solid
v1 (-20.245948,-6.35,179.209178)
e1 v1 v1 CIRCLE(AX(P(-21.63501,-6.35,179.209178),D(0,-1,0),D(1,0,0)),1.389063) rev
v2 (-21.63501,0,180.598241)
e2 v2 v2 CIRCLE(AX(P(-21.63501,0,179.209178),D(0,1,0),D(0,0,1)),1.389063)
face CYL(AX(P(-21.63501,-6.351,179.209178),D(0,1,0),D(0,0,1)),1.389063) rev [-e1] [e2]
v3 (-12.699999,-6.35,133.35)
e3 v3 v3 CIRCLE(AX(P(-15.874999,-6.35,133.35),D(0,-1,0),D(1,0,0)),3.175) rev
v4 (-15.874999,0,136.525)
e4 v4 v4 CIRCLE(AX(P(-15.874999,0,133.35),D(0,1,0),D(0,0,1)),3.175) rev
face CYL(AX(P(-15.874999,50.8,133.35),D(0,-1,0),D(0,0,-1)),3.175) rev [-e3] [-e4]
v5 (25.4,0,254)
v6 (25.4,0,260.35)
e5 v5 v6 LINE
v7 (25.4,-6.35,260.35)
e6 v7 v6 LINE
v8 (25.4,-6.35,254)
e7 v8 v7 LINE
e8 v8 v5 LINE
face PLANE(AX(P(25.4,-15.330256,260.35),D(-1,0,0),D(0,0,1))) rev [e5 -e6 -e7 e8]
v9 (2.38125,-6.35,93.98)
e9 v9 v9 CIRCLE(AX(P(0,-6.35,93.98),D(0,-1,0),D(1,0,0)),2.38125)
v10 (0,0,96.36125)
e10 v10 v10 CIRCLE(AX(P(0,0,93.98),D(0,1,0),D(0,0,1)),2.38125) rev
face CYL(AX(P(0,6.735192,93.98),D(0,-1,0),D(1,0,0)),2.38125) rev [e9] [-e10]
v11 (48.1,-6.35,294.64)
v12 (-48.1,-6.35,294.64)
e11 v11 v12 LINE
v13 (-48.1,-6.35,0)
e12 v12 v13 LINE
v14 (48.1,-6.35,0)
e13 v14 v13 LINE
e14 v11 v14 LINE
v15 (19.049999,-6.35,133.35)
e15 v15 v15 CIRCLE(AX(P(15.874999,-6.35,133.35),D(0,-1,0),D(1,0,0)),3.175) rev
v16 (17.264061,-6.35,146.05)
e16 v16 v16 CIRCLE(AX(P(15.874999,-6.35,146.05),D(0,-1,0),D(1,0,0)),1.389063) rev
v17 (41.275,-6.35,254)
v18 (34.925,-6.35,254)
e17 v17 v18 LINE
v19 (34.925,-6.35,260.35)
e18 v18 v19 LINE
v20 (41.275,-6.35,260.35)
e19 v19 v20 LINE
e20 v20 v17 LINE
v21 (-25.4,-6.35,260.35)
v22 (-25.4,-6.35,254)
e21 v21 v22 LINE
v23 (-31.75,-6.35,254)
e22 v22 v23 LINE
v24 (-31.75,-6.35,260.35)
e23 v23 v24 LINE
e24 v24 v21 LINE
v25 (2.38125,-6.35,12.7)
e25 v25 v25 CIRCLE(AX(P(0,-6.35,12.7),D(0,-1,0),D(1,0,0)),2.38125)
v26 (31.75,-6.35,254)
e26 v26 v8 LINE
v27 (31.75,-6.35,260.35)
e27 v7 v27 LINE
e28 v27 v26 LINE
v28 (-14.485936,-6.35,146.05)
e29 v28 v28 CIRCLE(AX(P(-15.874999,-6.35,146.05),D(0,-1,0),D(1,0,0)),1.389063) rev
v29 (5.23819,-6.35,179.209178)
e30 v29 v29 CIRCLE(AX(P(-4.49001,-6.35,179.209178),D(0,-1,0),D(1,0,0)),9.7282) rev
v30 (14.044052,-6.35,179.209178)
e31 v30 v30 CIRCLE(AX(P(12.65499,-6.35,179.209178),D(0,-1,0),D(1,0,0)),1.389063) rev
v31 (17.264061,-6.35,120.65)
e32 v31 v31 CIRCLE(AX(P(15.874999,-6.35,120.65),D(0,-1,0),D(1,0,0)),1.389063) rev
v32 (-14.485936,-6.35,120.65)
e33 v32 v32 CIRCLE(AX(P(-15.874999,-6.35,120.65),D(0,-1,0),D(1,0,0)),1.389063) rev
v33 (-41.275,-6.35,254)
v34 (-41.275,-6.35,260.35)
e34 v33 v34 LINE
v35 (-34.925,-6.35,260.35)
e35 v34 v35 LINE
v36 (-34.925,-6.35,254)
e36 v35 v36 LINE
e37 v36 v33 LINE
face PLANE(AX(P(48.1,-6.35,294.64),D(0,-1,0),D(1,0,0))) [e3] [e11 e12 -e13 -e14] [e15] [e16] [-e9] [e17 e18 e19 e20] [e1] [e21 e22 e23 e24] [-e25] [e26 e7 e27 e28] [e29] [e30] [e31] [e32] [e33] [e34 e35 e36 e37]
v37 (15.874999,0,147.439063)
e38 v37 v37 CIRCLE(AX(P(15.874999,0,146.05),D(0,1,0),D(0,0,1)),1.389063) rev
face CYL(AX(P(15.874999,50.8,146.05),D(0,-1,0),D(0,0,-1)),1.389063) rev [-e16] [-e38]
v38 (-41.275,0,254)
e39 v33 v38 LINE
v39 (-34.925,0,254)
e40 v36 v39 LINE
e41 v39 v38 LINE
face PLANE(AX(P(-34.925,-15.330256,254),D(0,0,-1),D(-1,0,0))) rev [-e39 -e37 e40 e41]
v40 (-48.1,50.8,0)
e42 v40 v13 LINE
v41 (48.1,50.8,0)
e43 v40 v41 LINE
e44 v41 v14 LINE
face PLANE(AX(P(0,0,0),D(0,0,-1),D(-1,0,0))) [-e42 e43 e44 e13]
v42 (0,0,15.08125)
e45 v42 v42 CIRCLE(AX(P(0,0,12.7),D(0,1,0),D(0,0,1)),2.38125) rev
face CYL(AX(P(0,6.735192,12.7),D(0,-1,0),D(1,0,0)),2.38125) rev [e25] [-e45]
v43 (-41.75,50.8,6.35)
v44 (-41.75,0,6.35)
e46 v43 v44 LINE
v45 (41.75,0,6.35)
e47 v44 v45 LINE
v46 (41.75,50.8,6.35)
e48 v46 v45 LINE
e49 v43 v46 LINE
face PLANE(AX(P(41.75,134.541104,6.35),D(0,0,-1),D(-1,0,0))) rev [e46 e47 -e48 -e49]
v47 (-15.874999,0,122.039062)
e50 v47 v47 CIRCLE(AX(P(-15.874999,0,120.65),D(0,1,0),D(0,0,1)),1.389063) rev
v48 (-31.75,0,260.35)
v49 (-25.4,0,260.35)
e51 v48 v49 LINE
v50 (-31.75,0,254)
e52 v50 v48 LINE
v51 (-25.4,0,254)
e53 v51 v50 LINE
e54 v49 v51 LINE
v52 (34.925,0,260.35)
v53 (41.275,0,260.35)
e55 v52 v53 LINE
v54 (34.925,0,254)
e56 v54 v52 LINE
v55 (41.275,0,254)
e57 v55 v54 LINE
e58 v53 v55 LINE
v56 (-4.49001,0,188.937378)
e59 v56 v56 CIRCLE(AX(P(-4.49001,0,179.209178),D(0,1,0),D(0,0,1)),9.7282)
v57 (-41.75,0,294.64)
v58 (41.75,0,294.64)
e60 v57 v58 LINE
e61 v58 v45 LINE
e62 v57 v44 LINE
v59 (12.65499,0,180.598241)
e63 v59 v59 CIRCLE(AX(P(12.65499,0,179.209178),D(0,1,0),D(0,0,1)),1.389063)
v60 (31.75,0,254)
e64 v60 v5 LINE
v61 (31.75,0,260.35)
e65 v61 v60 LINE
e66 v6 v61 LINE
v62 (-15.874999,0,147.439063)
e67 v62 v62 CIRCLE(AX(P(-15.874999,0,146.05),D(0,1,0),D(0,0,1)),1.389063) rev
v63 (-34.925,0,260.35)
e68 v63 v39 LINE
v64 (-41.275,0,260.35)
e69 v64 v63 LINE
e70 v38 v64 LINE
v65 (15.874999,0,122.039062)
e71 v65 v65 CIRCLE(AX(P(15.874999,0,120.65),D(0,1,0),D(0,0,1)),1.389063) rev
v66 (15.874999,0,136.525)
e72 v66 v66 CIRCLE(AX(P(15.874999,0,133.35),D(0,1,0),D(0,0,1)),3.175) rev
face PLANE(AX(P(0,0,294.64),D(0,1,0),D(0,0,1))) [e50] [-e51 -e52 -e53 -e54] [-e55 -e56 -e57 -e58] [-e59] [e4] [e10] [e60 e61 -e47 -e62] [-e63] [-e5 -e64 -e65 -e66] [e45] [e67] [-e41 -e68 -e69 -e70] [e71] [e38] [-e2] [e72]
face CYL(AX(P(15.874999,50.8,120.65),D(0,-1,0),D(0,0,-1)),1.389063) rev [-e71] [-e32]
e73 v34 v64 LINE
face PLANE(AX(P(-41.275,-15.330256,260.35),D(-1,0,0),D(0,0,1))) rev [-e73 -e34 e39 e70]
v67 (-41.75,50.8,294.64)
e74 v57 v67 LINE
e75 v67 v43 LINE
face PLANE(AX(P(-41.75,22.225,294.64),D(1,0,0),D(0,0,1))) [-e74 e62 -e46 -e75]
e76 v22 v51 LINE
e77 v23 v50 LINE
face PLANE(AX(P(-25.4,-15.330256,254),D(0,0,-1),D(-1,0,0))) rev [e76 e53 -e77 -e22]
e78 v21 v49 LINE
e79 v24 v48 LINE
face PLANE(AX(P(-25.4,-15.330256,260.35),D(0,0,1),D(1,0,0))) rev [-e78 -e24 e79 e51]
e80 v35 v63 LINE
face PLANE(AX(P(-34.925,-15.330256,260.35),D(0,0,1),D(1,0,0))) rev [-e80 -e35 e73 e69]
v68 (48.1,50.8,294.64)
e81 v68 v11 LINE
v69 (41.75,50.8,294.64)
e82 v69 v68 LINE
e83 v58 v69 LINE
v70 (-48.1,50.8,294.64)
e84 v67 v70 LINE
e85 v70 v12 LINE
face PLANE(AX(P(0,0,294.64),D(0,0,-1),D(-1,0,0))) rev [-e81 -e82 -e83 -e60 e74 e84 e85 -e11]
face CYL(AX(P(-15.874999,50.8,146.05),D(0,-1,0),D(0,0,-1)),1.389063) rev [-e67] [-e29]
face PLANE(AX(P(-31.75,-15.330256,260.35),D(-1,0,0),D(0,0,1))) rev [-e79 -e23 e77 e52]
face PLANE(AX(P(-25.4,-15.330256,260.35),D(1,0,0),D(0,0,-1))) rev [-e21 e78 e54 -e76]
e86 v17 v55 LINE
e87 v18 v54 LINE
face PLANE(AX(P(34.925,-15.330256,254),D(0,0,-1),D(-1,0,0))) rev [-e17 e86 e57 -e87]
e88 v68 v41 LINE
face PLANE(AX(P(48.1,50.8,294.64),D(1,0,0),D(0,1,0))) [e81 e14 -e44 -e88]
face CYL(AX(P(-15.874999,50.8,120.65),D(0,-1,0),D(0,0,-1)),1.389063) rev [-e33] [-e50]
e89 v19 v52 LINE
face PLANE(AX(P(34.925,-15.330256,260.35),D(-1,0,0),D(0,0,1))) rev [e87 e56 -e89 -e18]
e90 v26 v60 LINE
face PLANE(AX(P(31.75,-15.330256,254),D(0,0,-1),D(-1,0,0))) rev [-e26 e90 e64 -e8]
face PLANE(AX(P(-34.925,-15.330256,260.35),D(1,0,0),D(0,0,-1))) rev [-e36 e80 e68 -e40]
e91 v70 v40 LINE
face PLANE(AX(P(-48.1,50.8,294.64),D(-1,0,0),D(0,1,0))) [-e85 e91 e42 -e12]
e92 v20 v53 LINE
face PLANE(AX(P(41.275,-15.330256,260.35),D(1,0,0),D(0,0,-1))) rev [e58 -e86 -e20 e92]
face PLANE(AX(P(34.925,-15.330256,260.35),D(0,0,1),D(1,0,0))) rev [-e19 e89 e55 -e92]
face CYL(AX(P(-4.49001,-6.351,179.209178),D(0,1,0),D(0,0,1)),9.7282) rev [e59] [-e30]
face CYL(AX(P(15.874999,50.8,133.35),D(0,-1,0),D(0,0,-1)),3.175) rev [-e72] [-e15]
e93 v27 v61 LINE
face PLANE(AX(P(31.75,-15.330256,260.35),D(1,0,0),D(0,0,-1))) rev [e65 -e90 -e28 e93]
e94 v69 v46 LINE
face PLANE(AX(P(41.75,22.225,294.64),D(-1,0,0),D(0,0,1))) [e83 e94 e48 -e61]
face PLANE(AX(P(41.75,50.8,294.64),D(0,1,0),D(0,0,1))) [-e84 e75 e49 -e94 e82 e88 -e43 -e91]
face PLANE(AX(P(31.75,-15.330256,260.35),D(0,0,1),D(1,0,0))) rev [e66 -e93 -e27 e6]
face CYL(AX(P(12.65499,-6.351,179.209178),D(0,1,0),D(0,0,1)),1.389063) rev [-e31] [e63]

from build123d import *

# Parameters (mm, degrees)
BOSS_EXTRUDE1_DEPTH            = 294.64
SKETCH2_W                      = 83.5
SKETCH2_H                      = 6.35
BOSS_EXTRUDE2_DEPTH            = 50.8
SKETCH3_R                      = 2.38125
CUT_EXTRUDE1_DEPTH             = 6.35
CUT_EXTRUDE2_REACH             = 304.832
SKETCH4_R                      = 9.7282
SKETCH4_R_2                    = 1.3890625
CUT_EXTRUDE3_REACH             = 304.832
SKETCH5_R                      = 3.175
SKETCH5_R_2                    = 1.3890625
CUT_EXTRUDE3_DIRECTION_2_DEPTH = 303.83160271
SKETCH6_W                      = 6.35
SKETCH6_H                      = 6.35
CUT_EXTRUDE4_DEPTH             = 6.35


with BuildPart() as part:
    # Sketch1 → Boss-Extrude1 (new body)
    with BuildSketch(Plane.XY):
        Polygon((0, 0), (41.75, 0), (41.75, 22.225), (41.75, 50.8), (48.1, 50.8), (48.1, -6.35), (0, -6.35), align=None)
    extrude(amount=BOSS_EXTRUDE1_DEPTH)

    # Mirror1: part across plane


with BuildPart() as part_1:
    add(part.part)
    add(part.part.mirror(Plane(origin=(0, -6.35, 294.64), x_dir=(0, 0, 1), z_dir=(-1, 0, 0))))

    # Sketch2 → Boss-Extrude2 (add)
    with BuildSketch(Plane(origin=(0, 0, 0), x_dir=(1, 0, 0), z_dir=(0, 1, 0))):
        with Locations((0, -3.175)):
            Rectangle(SKETCH2_W, SKETCH2_H)
    extrude(amount=BOSS_EXTRUDE2_DEPTH)

    # Sketch3 → Cut-Extrude1 (cut)
    with BuildSketch(Plane.XZ.offset(6.35)):
        with Locations((0, 12.7)):
            Circle(SKETCH3_R)
        with Locations((0, 93.98)):
            Circle(SKETCH3_R)
    extrude(amount=-CUT_EXTRUDE1_DEPTH, mode=Mode.SUBTRACT)

    # Sketch4 → Cut-Extrude2 (cut, up to next)
    with BuildSketch(Plane(origin=(0, 0, 0), x_dir=(1, 0, 0), z_dir=(0, 1, 0)), mode=Mode.PRIVATE) as cut_extrude2_sk1:
        with Locations(Location((-4.490010202, -179.209178053, 0), (0, 0, 270))):
            Circle(SKETCH4_R)
    cut_extrude2_tool1 = extrude(cut_extrude2_sk1.sketch, amount=-CUT_EXTRUDE2_REACH, mode=Mode.PRIVATE) & part_1.part
    # Sketch4 → Cut-Extrude2 (cut, up to next)
    with BuildSketch(Plane(origin=(0, 0, 0), x_dir=(1, 0, 0), z_dir=(0, 1, 0)), mode=Mode.PRIVATE) as cut_extrude2_sk2:
        with Locations(Location((-21.635010202, -179.209178053, 0), (0, 0, 270))):
            Circle(SKETCH4_R_2)
    cut_extrude2_tool2 = extrude(cut_extrude2_sk2.sketch, amount=-CUT_EXTRUDE2_REACH, mode=Mode.PRIVATE) & part_1.part
    # Sketch4 → Cut-Extrude2 (cut, up to next)
    with BuildSketch(Plane(origin=(0, 0, 0), x_dir=(1, 0, 0), z_dir=(0, 1, 0)), mode=Mode.PRIVATE) as cut_extrude2_sk3:
        with Locations(Location((12.654989798, -179.209178053, 0), (0, 0, 270))):
            Circle(SKETCH4_R_2)
    cut_extrude2_tool3 = extrude(cut_extrude2_sk3.sketch, amount=-CUT_EXTRUDE2_REACH, mode=Mode.PRIVATE) & part_1.part
    add(cut_extrude2_tool1.solids().sort_by_distance((-4.49001, 0, 179.209178))[0], mode=Mode.SUBTRACT)
    add(cut_extrude2_tool2.solids().sort_by_distance((-21.63501, 0, 179.209178))[0], mode=Mode.SUBTRACT)
    add(cut_extrude2_tool3.solids().sort_by_distance((12.65499, 0, 179.209178))[0], mode=Mode.SUBTRACT)

    # Sketch5 → Cut-Extrude3 (cut, up to next)
    with BuildSketch(Plane(origin=(0, 0, 0), x_dir=(1, 0, 0), z_dir=(0, 1, 0)), mode=Mode.PRIVATE) as cut_extrude3_sk1:
        with Locations((15.8749986, -133.35)):
            Circle(SKETCH5_R)
    cut_extrude3_tool1 = extrude(cut_extrude3_sk1.sketch, amount=-CUT_EXTRUDE3_REACH, mode=Mode.PRIVATE) & part_1.part
    # Sketch5 → Cut-Extrude3 (cut, up to next)
    with BuildSketch(Plane(origin=(0, 0, 0), x_dir=(1, 0, 0), z_dir=(0, 1, 0)), mode=Mode.PRIVATE) as cut_extrude3_sk2:
        with Locations((-15.8749986, -133.35)):
            Circle(SKETCH5_R)
    cut_extrude3_tool2 = extrude(cut_extrude3_sk2.sketch, amount=-CUT_EXTRUDE3_REACH, mode=Mode.PRIVATE) & part_1.part
    # Sketch5 → Cut-Extrude3 (cut, up to next)
    with BuildSketch(Plane(origin=(0, 0, 0), x_dir=(1, 0, 0), z_dir=(0, 1, 0)), mode=Mode.PRIVATE) as cut_extrude3_sk3:
        with Locations((15.8749986, -146.05)):
            Circle(SKETCH5_R_2)
    cut_extrude3_tool3 = extrude(cut_extrude3_sk3.sketch, amount=-CUT_EXTRUDE3_REACH, mode=Mode.PRIVATE) & part_1.part
    # Sketch5 → Cut-Extrude3 (cut, up to next)
    with BuildSketch(Plane(origin=(0, 0, 0), x_dir=(1, 0, 0), z_dir=(0, 1, 0)), mode=Mode.PRIVATE) as cut_extrude3_sk4:
        with Locations((15.8749986, -120.65)):
            Circle(SKETCH5_R_2)
    cut_extrude3_tool4 = extrude(cut_extrude3_sk4.sketch, amount=-CUT_EXTRUDE3_REACH, mode=Mode.PRIVATE) & part_1.part
    # Sketch5 → Cut-Extrude3 (cut, up to next)
    with BuildSketch(Plane(origin=(0, 0, 0), x_dir=(1, 0, 0), z_dir=(0, 1, 0)), mode=Mode.PRIVATE) as cut_extrude3_sk5:
        with Locations((-15.8749986, -146.05)):
            Circle(SKETCH5_R_2)
    cut_extrude3_tool5 = extrude(cut_extrude3_sk5.sketch, amount=-CUT_EXTRUDE3_REACH, mode=Mode.PRIVATE) & part_1.part
    # Sketch5 → Cut-Extrude3 (cut, up to next)
    with BuildSketch(Plane(origin=(0, 0, 0), x_dir=(1, 0, 0), z_dir=(0, 1, 0)), mode=Mode.PRIVATE) as cut_extrude3_sk6:
        with Locations((-15.8749986, -120.65)):
            Circle(SKETCH5_R_2)
    cut_extrude3_tool6 = extrude(cut_extrude3_sk6.sketch, amount=-CUT_EXTRUDE3_REACH, mode=Mode.PRIVATE) & part_1.part
    add(cut_extrude3_tool1.solids().sort_by_distance((15.874999, 0, 133.35))[0], mode=Mode.SUBTRACT)
    add(cut_extrude3_tool2.solids().sort_by_distance((-15.874999, 0, 133.35))[0], mode=Mode.SUBTRACT)
    add(cut_extrude3_tool3.solids().sort_by_distance((15.874999, 0, 146.05))[0], mode=Mode.SUBTRACT)
    add(cut_extrude3_tool4.solids().sort_by_distance((15.874999, 0, 120.65))[0], mode=Mode.SUBTRACT)
    add(cut_extrude3_tool5.solids().sort_by_distance((-15.874999, 0, 146.05))[0], mode=Mode.SUBTRACT)
    add(cut_extrude3_tool6.solids().sort_by_distance((-15.874999, 0, 120.65))[0], mode=Mode.SUBTRACT)

    # Sketch5 → Cut-Extrude3 direction 2 (cut)
    with BuildSketch(Plane(origin=(0, 0, 0), x_dir=(1, 0, 0), z_dir=(0, 1, 0))):
        with Locations((15.8749986, -133.35)):
            Circle(SKETCH5_R)
        with Locations((-15.8749986, -133.35)):
            Circle(SKETCH5_R)
        with Locations((15.8749986, -146.05)):
            Circle(SKETCH5_R_2)
        with Locations((15.8749986, -120.65)):
            Circle(SKETCH5_R_2)
        with Locations((-15.8749986, -146.05)):
            Circle(SKETCH5_R_2)
        with Locations((-15.8749986, -120.65)):
            Circle(SKETCH5_R_2)
    extrude(amount=CUT_EXTRUDE3_DIRECTION_2_DEPTH, mode=Mode.SUBTRACT)

    # Sketch6 → Cut-Extrude4 (cut)
    with BuildSketch(Plane(origin=(0, 0, 0), x_dir=(1, 0, 0), z_dir=(0, 1, 0))):
        with Locations((28.575, -257.175)):
            Rectangle(SKETCH6_W, SKETCH6_H)
        with Locations((-28.575, -257.175)):
            Rectangle(SKETCH6_W, SKETCH6_H)
        with Locations((38.1, -257.175)):
            Rectangle(SKETCH6_W, SKETCH6_H)
        with Locations((-38.1, -257.175)):
            Rectangle(SKETCH6_W, SKETCH6_H)
    extrude(amount=-CUT_EXTRUDE4_DEPTH, mode=Mode.SUBTRACT)


solid = part_1.part
